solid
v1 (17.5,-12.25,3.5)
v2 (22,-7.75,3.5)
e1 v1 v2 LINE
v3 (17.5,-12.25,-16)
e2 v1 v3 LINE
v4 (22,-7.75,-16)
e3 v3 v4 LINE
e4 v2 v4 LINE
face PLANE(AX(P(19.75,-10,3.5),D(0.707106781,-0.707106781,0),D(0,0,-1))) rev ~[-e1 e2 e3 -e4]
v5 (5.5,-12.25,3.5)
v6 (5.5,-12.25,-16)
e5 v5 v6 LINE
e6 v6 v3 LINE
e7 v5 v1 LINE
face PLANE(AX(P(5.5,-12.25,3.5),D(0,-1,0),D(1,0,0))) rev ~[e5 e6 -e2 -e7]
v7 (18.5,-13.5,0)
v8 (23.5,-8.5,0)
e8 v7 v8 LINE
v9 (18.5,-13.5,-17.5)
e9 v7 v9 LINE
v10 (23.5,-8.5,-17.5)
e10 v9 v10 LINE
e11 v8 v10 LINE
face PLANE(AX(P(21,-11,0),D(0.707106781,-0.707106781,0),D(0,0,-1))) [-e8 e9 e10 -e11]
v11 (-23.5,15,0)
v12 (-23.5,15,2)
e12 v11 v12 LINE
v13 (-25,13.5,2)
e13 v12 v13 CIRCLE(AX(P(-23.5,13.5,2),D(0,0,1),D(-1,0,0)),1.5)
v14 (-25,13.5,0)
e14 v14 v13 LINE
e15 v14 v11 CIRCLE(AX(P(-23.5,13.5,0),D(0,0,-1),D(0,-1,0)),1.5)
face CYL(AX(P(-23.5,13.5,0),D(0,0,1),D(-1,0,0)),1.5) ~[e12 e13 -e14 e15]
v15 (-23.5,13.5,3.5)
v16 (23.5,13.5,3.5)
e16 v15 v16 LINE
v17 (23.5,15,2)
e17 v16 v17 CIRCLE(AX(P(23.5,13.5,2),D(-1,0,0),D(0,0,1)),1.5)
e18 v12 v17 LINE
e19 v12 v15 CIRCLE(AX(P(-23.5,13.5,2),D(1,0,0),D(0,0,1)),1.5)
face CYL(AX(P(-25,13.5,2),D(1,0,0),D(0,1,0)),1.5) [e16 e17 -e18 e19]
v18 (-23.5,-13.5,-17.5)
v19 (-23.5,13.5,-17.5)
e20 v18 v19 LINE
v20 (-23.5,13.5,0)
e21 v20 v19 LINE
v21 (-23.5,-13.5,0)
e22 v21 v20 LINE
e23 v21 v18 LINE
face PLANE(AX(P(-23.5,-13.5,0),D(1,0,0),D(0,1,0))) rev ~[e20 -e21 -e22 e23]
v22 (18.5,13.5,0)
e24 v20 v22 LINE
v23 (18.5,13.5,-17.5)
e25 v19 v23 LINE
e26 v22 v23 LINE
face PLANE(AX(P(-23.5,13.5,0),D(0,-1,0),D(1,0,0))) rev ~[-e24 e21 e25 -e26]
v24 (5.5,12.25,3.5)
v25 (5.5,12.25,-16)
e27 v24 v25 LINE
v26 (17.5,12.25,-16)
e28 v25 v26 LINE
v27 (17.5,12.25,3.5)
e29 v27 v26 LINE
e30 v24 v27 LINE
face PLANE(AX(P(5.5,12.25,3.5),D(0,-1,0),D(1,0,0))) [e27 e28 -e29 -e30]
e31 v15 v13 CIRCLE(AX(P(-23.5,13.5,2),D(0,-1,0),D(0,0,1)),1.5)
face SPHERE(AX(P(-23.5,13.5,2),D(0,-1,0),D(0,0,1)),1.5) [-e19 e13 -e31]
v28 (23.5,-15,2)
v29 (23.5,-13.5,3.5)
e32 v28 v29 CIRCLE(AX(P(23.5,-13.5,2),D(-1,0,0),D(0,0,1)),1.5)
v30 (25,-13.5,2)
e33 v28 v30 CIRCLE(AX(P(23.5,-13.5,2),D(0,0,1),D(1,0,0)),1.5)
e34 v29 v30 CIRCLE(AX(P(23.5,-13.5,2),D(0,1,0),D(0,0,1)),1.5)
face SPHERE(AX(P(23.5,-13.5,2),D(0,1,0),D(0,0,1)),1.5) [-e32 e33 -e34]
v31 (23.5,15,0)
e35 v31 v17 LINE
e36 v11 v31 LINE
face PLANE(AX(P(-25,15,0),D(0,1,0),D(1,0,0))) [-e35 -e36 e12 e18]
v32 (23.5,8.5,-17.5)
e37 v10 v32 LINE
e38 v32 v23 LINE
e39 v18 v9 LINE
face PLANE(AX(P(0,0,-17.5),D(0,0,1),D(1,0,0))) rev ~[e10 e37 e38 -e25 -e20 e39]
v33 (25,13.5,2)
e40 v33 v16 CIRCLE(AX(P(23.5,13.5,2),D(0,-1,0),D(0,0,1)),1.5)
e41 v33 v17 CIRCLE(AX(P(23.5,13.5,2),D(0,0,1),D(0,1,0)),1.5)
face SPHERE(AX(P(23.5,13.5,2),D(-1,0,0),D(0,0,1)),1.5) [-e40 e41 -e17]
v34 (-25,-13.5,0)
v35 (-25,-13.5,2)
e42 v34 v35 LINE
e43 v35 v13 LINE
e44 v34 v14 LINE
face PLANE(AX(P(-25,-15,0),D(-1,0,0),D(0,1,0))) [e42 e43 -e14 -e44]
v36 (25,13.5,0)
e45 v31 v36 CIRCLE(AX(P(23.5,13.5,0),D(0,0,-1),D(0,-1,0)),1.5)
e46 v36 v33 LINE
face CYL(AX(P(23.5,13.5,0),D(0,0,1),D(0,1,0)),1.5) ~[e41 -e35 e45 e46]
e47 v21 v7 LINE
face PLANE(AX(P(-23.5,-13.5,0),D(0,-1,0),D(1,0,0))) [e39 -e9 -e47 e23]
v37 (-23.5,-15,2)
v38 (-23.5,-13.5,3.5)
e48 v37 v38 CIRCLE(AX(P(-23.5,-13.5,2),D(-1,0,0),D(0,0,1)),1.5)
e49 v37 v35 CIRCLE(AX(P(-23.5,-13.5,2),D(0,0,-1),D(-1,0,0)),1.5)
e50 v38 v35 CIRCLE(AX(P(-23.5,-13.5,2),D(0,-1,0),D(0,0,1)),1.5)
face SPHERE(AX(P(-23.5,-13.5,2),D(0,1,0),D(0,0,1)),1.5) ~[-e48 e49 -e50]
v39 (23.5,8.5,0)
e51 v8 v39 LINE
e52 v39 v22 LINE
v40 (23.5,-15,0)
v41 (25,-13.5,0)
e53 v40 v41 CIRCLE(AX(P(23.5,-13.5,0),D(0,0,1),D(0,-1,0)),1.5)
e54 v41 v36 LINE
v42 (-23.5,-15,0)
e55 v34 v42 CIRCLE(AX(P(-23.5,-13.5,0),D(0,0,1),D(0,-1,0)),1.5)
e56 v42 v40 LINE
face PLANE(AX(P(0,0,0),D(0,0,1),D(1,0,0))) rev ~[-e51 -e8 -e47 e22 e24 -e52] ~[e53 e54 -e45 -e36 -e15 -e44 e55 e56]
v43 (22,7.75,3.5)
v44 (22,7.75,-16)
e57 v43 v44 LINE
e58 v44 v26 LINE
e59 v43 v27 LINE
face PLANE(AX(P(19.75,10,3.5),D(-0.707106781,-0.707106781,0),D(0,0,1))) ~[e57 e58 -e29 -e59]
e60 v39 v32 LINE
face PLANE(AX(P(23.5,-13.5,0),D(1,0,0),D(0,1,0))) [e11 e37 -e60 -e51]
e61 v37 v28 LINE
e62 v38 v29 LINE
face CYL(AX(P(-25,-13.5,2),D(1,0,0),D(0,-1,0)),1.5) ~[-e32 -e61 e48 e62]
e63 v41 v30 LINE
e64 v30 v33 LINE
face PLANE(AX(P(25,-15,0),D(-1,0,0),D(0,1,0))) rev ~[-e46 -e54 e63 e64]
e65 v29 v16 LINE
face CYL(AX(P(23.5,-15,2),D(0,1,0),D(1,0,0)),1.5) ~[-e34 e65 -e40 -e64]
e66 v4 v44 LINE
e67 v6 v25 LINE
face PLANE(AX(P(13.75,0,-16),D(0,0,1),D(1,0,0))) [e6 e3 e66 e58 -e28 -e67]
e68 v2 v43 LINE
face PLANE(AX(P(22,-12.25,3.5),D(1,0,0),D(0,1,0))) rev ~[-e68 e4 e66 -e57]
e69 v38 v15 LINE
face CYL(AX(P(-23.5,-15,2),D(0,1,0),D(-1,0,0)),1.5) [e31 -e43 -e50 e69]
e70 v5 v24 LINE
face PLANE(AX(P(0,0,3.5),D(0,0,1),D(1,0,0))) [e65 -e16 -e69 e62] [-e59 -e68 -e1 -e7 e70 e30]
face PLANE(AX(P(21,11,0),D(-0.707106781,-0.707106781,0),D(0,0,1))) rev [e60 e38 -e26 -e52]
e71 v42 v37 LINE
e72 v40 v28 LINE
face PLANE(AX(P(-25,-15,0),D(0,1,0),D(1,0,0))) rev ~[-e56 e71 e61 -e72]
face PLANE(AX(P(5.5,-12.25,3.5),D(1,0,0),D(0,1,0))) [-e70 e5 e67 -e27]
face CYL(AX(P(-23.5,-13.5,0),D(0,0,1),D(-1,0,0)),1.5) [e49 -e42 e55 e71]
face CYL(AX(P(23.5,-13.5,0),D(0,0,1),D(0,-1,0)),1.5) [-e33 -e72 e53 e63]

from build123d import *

# Parameters (mm, degrees)
F0_W     = 47
F0_H     = 27
F1_DEPTH = 17.5
F0_W_2   = 50
F0_H_2   = 30
F2_DEPTH = 3.5
F3_W     = 16.5
F3_H     = 24.5
F4_DEPTH = 19.5
F5_SIZE  = 4.5
F6_SIZE  = 5
F7_R     = 1.5


with BuildPart() as f1:
    # F0 (on Top) → F1 (new body)
    with BuildSketch(Plane.XY):
        Rectangle(F0_W, F0_H)
    extrude(amount=-F1_DEPTH)

    # F0 (on Top) → F2 (join)
    with BuildSketch(Plane.XY):
        Rectangle(F0_W_2, F0_H_2)
        Rectangle(F0_W, F0_H, mode=Mode.SUBTRACT)
        Rectangle(F0_W, F0_H)
    extrude(amount=F2_DEPTH)

    # F3 (on face) → F4 (cut)
    with BuildSketch(Plane.XY.offset(3.5)):
        with Locations((13.75, 0)):
            Rectangle(F3_W, F3_H)
    extrude(amount=-F4_DEPTH, mode=Mode.SUBTRACT)

    # F5
    f5_edges = [f1.edges().sort_by_distance(p)[0] for p in [
        (22, 12.25, -6.25),
        (22, -12.25, -6.25),
    ]]
    chamfer(f5_edges, length=F5_SIZE)

    # F6
    f6_edges = [f1.edges().sort_by_distance(p)[0] for p in [
        (23.5, 13.5, -8.75),
        (23.5, -13.5, -8.75),
    ]]
    chamfer(f6_edges, length=F6_SIZE)

    # F7
    f7_edges = [f1.edges().sort_by_distance(p)[0] for p in [
        (-25, 0, 3.5),
        (0, 15, 3.5),
        (25, 0, 3.5),
        (0, -15, 3.5),
        (25, -15, 1.75),
        (25, 15, 1.75),
        (-25, -15, 1.75),
        (-25, 15, 1.75),
    ]]
    fillet(f7_edges, radius=F7_R)


solid = f1.part
